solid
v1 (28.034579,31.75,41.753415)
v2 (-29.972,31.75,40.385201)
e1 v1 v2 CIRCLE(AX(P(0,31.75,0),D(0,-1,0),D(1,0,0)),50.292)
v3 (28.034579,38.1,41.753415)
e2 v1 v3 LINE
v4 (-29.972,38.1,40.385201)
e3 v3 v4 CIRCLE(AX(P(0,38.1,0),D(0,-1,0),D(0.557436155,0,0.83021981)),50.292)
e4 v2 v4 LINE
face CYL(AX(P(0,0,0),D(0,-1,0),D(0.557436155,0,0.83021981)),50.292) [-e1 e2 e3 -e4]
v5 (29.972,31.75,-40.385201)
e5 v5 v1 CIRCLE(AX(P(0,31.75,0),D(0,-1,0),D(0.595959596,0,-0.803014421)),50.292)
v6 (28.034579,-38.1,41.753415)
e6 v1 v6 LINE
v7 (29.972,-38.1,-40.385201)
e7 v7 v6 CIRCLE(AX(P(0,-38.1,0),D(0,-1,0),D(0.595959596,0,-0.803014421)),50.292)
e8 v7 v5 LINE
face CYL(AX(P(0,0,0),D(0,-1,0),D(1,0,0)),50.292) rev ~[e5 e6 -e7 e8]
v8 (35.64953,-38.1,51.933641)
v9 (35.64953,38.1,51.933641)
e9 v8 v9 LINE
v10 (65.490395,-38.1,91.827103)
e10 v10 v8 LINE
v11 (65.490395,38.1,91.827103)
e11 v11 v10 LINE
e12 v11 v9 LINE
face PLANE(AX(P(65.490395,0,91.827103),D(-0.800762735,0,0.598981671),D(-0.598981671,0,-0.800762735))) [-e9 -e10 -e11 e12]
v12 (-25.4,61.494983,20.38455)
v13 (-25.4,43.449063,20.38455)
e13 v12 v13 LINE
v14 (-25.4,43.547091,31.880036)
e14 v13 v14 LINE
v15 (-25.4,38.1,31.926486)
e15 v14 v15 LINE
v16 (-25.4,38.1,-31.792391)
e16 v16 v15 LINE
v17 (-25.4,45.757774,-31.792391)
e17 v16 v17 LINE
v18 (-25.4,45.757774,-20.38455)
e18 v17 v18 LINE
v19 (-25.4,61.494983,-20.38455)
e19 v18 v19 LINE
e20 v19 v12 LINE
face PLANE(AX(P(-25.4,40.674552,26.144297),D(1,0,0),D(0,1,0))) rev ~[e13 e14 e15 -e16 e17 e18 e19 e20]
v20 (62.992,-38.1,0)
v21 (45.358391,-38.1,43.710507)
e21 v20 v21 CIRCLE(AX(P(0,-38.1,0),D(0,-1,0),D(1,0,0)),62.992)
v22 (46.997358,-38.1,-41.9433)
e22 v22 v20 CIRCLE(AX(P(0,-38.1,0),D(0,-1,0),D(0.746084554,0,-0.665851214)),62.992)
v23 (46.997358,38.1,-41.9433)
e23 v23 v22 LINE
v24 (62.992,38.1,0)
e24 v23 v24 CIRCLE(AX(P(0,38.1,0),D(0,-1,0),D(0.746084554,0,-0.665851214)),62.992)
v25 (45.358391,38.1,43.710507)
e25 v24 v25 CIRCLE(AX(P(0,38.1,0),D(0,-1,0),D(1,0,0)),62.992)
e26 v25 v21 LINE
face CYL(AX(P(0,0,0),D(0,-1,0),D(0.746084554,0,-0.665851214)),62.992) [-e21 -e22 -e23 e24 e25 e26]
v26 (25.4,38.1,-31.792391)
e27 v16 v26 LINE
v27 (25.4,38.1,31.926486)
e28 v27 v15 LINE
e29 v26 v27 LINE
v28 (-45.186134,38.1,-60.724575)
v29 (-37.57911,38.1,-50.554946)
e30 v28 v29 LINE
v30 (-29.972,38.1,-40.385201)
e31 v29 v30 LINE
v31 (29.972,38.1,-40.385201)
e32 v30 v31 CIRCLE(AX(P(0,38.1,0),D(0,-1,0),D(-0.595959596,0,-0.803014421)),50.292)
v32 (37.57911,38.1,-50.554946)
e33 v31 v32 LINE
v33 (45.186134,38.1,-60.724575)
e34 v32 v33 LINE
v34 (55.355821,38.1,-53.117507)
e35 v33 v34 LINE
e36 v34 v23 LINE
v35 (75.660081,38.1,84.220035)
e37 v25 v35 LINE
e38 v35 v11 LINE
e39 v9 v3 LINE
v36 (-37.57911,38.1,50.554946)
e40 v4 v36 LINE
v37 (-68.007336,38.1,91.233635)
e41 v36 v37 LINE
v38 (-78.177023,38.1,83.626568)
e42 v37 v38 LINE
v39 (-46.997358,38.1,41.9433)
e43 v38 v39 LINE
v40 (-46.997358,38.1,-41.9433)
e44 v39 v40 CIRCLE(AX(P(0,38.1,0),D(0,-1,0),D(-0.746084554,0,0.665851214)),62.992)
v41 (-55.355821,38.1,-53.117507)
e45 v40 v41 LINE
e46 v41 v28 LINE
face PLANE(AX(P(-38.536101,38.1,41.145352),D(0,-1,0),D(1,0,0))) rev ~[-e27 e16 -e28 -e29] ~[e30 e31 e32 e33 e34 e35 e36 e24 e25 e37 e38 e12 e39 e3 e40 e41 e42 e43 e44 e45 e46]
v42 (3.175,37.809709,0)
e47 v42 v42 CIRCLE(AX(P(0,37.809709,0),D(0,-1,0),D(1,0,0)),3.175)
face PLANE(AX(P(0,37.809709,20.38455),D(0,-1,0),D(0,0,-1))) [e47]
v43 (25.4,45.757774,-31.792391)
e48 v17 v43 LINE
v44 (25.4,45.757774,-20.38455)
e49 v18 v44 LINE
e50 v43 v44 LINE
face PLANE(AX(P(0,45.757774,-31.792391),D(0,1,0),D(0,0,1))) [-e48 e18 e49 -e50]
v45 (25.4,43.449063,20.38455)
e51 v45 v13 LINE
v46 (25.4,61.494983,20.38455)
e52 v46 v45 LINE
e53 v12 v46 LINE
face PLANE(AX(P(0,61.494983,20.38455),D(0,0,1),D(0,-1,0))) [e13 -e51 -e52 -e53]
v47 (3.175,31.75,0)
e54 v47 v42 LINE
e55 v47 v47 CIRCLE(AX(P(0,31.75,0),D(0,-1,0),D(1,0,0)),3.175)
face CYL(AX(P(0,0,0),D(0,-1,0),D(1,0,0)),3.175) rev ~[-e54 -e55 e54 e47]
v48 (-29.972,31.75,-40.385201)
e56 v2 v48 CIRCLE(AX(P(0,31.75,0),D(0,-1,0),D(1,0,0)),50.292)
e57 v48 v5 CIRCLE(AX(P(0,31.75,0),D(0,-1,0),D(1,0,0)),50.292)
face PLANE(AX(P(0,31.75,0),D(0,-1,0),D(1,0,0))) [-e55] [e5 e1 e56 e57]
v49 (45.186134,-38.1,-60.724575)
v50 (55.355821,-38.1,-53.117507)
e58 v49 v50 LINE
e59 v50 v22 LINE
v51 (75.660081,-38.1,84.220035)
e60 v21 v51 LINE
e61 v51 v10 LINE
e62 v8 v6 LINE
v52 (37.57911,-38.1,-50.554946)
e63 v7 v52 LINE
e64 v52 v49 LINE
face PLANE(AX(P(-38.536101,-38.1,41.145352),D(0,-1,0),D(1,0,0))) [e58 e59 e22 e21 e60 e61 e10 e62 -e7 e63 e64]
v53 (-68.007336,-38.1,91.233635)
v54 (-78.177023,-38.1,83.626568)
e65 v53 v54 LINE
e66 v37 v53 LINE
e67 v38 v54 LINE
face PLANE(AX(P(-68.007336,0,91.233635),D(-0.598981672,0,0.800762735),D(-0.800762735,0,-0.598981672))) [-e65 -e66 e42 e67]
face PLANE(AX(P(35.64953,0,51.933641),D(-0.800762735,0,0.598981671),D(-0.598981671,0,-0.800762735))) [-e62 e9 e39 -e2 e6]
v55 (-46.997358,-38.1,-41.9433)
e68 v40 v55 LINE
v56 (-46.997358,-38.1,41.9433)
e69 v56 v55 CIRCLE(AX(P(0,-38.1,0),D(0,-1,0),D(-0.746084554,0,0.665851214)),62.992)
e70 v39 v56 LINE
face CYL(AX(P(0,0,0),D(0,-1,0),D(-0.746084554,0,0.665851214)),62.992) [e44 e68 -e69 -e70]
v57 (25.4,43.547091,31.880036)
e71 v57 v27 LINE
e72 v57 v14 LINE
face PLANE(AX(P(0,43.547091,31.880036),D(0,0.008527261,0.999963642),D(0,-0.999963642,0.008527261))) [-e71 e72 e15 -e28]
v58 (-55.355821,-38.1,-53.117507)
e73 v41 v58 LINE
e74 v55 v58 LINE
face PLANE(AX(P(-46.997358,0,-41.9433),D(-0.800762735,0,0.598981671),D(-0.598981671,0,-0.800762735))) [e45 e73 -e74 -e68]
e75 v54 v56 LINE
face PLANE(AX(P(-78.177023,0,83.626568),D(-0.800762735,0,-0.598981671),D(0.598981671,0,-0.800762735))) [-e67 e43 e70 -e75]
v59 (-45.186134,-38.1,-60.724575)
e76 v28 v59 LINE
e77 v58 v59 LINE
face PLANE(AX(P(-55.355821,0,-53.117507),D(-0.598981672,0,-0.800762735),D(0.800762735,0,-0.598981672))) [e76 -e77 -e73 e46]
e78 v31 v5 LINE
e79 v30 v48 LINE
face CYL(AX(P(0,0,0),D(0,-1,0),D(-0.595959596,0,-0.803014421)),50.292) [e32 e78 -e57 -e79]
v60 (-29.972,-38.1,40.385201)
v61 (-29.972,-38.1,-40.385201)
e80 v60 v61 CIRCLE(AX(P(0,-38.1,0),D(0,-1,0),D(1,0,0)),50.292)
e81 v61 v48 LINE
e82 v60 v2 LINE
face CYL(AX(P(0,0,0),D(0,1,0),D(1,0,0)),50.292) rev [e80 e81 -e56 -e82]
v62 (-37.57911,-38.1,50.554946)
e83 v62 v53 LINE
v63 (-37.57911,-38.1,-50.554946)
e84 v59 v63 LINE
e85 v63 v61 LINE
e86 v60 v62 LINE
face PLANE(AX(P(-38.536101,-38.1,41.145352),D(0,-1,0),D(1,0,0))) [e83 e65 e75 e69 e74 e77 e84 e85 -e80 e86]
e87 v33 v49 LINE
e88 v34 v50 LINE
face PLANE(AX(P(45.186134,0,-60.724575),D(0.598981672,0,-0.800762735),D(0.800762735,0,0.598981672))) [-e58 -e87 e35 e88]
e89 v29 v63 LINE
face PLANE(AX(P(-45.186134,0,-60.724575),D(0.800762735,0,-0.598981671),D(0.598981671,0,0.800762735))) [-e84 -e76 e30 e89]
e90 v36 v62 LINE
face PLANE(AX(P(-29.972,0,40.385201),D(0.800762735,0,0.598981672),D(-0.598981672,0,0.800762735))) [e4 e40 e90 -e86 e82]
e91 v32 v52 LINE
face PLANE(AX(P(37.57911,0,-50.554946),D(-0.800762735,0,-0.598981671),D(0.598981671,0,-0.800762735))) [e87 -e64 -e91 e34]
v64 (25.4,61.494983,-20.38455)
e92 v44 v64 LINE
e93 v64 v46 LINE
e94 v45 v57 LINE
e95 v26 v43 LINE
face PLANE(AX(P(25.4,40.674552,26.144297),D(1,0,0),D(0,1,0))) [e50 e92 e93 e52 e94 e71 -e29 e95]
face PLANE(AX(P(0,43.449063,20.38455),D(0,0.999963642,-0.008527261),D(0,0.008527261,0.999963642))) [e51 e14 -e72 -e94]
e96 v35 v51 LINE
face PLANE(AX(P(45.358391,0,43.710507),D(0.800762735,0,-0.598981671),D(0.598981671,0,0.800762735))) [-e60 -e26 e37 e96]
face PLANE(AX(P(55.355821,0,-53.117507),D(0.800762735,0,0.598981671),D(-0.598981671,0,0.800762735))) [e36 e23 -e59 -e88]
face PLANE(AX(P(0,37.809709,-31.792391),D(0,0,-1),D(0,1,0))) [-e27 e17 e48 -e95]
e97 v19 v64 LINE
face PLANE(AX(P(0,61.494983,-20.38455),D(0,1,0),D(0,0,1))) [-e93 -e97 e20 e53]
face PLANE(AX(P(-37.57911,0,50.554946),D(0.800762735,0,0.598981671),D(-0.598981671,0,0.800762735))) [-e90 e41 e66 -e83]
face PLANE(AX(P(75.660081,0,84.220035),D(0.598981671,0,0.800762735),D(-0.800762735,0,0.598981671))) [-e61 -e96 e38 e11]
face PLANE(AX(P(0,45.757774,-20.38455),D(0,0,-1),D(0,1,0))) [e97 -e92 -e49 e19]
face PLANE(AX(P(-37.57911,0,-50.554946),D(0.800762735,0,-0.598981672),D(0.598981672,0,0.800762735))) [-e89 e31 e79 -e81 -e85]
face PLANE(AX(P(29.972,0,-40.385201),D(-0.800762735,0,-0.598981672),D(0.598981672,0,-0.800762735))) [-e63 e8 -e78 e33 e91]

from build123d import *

# Parameters (mm, degrees)
F1_DEPTH      = 38.1
F2_R          = 50.292
F3_DEPTH      = 38.1
F3_DEPTH_BACK = 31.75
F4_R          = 3.175
F5_DEPTH      = 38.101
F6_W          = 7.948064871
F6_H          = 11.407840997
F7_DEPTH      = 25.4


with BuildPart() as f1:
    # F0 (on Front) → F1 (new body, symmetric)
    with BuildSketch(Plane.XZ):
        with BuildLine():
            ThreePointArc((-39.1949844139, 31.5125127655), (-34.8668765946, 36.2434294809), (-29.972, 40.38520125))
            Line((-29.972, 40.38520125), (-37.5791103585, 50.55494564))
            ThreePointArc((-37.5791103585, 50.55494564), (-42.506880267, 46.4882479125), (-46.9973581988, 41.9432996596))
            Line((-46.9973581988, 41.9432996596), (-39.1949844139, 31.5125127655))
        make_face()
        with BuildLine():
            ThreePointArc((-46.9973581988, 41.9432996596), (-42.506880267, 46.4882479125), (-37.5791103585, 50.55494564))
            Line((-37.5791103585, 50.55494564), (-68.0073361401, 91.2336349005))
            Line((-68.0073361401, 91.2336349005), (-78.1770228702, 83.6265676724))
            Line((-78.1770228702, 83.6265676724), (-46.9973581988, 41.9432996596))
        make_face()
        with BuildLine():
            ThreePointArc((35.649530109, 51.9336409951), (40.7121086164, 48.067829949), (45.3583906555, 43.7105074455))
            Line((45.3583906555, 43.7105074455), (75.6600814431, 84.2200354233))
            Line((75.6600814431, 84.2200354233), (65.490394713, 91.8271026513))
            Line((65.490394713, 91.8271026513), (35.649530109, 51.9336409951))
        make_face()
        with BuildLine():
            Line((46.9973581988, -41.9432996596), (39.1949844139, -31.5125127655))
            ThreePointArc((39.1949844139, -31.5125127655), (34.8668765946, -36.2434294809), (29.972, -40.38520125))
            Line((29.972, -40.38520125), (37.5791103585, -50.55494564))
            ThreePointArc((37.5791103585, -50.55494564), (42.506880267, -46.4882479125), (46.9973581988, -41.9432996596))
        make_face()
        with BuildLine():
            Line((55.3558211861, -53.1175074821), (46.9973581988, -41.9432996596))
            ThreePointArc((46.9973581988, -41.9432996596), (42.506880267, -46.4882479125), (37.5791103585, -50.55494564))
            Line((37.5791103585, -50.55494564), (45.186134456, -60.7245747102))
            Line((45.186134456, -60.7245747102), (55.3558211861, -53.1175074821))
        make_face()
        with BuildLine():
            Line((-37.5791103585, -50.55494564), (-29.972, -40.38520125))
            ThreePointArc((-29.972, -40.38520125), (-34.8668765946, -36.2434294809), (-39.1949844139, -31.5125127655))
            Line((-39.1949844139, -31.5125127655), (-46.9973581988, -41.9432996596))
            ThreePointArc((-46.9973581988, -41.9432996596), (-42.506880267, -46.4882479125), (-37.5791103585, -50.55494564))
        make_face()
        with BuildLine():
            Line((-45.186134456, -60.7245747102), (-37.5791103585, -50.55494564))
            ThreePointArc((-37.5791103585, -50.55494564), (-42.506880267, -46.4882479125), (-46.9973581988, -41.9432996596))
            Line((-46.9973581988, -41.9432996596), (-55.3558211861, -53.1175074821))
            Line((-55.3558211861, -53.1175074821), (-45.186134456, -60.7245747102))
        make_face()
        with BuildLine():
            ThreePointArc((28.0345791239, 41.7534146789), (33.0960785887, 37.867332175), (37.624745303, 33.3716017728))
            Line((37.624745303, 33.3716017728), (45.3583906555, 43.7105074455))
            ThreePointArc((45.3583906555, 43.7105074455), (40.7121086164, 48.067829949), (35.649530109, 51.9336409951))
            Line((35.649530109, 51.9336409951), (28.0345791239, 41.7534146789))
        make_face()
        with BuildLine():
            ThreePointArc((-39.1949844139, -31.5125127655), (-50.292, 0), (-39.1949844139, 31.5125127655))
            Line((-39.1949844139, 31.5125127655), (-46.9973581988, 41.9432996596))
            ThreePointArc((-46.9973581988, 41.9432996596), (-62.992, 0), (-46.9973581988, -41.9432996596))
            Line((-46.9973581988, -41.9432996596), (-39.1949844139, -31.5125127655))
        make_face()
        with BuildLine():
            ThreePointArc((37.624745303, 33.3716017728), (47.0186609485, 17.8474308126), (50.292, 0))
            ThreePointArc((50.292, 0), (47.4366916012, -16.704656654), (39.1949844139, -31.5125127655))
            Line((39.1949844139, -31.5125127655), (46.9973581988, -41.9432996596))
            ThreePointArc((46.9973581988, -41.9432996596), (58.8576658204, -22.444759704), (62.992, 0))
            ThreePointArc((62.992, 0), (58.4174965578, 23.5666747742), (45.3583906555, 43.7105074455))
            Line((45.3583906555, 43.7105074455), (37.624745303, 33.3716017728))
        make_face()
        with BuildLine():
            ThreePointArc((39.1949844139, -31.5125127655), (47.4366916012, -16.704656654), (50.292, 0))
            ThreePointArc((50.292, 0), (47.0186609485, 17.8474308126), (37.624745303, 33.3716017728))
            ThreePointArc((37.624745303, 33.3716017728), (33.0960785887, 37.867332175), (28.0345791239, 41.7534146789))
            ThreePointArc((28.0345791239, 41.7534146789), (-1.1859181715, 50.2780156936), (-29.972, 40.38520125))
            ThreePointArc((-29.972, 40.38520125), (-34.8668765946, 36.2434294809), (-39.1949844139, 31.5125127655))
            ThreePointArc((-39.1949844139, 31.5125127655), (-50.292, 0), (-39.1949844139, -31.5125127655))
            ThreePointArc((-39.1949844139, -31.5125127655), (-34.8668765946, -36.2434294809), (-29.972, -40.38520125))
            ThreePointArc((-29.972, -40.38520125), (0, -50.292), (29.972, -40.38520125))
            ThreePointArc((29.972, -40.38520125), (34.8668765946, -36.2434294809), (39.1949844139, -31.5125127655))
        make_face()
    extrude(amount=F1_DEPTH, both=True)

    # F2 (on Front) → F3 (cut, two sides)
    with BuildSketch(Plane.XZ) as f3_sk:
        Circle(F2_R)
    extrude(amount=F3_DEPTH, mode=Mode.SUBTRACT)
    extrude(f3_sk.sketch, amount=-F3_DEPTH_BACK, mode=Mode.SUBTRACT)

    # F4 (on Front) → F5 (cut, through all)
    with BuildSketch(Plane.XZ):
        Circle(F4_R)
    extrude(amount=-F5_DEPTH, mode=Mode.SUBTRACT)

    # F6 (on Right) → F7 (join, symmetric)
    with BuildSketch(Plane.YZ):
        Polygon((37.9081480205, 31.9281220436), (37.8097093926, 20.3845500946), (43.4490628541, 20.3845500946), (43.547091421, 31.8800355541), align=None)
        Polygon((43.4490628541, 20.3845500946), (37.8097093926, 20.3845500946), (37.8097093926, -20.3845500946), (45.7577742636, -20.3845500946), (61.4949830113, -20.3845500946), (61.4949830113, 20.3845500946), align=None)
        with Locations((41.7837418281, -26.0884705931)):
            Rectangle(F6_W, F6_H)
    extrude(amount=F7_DEPTH, both=True)


solid = f1.part
